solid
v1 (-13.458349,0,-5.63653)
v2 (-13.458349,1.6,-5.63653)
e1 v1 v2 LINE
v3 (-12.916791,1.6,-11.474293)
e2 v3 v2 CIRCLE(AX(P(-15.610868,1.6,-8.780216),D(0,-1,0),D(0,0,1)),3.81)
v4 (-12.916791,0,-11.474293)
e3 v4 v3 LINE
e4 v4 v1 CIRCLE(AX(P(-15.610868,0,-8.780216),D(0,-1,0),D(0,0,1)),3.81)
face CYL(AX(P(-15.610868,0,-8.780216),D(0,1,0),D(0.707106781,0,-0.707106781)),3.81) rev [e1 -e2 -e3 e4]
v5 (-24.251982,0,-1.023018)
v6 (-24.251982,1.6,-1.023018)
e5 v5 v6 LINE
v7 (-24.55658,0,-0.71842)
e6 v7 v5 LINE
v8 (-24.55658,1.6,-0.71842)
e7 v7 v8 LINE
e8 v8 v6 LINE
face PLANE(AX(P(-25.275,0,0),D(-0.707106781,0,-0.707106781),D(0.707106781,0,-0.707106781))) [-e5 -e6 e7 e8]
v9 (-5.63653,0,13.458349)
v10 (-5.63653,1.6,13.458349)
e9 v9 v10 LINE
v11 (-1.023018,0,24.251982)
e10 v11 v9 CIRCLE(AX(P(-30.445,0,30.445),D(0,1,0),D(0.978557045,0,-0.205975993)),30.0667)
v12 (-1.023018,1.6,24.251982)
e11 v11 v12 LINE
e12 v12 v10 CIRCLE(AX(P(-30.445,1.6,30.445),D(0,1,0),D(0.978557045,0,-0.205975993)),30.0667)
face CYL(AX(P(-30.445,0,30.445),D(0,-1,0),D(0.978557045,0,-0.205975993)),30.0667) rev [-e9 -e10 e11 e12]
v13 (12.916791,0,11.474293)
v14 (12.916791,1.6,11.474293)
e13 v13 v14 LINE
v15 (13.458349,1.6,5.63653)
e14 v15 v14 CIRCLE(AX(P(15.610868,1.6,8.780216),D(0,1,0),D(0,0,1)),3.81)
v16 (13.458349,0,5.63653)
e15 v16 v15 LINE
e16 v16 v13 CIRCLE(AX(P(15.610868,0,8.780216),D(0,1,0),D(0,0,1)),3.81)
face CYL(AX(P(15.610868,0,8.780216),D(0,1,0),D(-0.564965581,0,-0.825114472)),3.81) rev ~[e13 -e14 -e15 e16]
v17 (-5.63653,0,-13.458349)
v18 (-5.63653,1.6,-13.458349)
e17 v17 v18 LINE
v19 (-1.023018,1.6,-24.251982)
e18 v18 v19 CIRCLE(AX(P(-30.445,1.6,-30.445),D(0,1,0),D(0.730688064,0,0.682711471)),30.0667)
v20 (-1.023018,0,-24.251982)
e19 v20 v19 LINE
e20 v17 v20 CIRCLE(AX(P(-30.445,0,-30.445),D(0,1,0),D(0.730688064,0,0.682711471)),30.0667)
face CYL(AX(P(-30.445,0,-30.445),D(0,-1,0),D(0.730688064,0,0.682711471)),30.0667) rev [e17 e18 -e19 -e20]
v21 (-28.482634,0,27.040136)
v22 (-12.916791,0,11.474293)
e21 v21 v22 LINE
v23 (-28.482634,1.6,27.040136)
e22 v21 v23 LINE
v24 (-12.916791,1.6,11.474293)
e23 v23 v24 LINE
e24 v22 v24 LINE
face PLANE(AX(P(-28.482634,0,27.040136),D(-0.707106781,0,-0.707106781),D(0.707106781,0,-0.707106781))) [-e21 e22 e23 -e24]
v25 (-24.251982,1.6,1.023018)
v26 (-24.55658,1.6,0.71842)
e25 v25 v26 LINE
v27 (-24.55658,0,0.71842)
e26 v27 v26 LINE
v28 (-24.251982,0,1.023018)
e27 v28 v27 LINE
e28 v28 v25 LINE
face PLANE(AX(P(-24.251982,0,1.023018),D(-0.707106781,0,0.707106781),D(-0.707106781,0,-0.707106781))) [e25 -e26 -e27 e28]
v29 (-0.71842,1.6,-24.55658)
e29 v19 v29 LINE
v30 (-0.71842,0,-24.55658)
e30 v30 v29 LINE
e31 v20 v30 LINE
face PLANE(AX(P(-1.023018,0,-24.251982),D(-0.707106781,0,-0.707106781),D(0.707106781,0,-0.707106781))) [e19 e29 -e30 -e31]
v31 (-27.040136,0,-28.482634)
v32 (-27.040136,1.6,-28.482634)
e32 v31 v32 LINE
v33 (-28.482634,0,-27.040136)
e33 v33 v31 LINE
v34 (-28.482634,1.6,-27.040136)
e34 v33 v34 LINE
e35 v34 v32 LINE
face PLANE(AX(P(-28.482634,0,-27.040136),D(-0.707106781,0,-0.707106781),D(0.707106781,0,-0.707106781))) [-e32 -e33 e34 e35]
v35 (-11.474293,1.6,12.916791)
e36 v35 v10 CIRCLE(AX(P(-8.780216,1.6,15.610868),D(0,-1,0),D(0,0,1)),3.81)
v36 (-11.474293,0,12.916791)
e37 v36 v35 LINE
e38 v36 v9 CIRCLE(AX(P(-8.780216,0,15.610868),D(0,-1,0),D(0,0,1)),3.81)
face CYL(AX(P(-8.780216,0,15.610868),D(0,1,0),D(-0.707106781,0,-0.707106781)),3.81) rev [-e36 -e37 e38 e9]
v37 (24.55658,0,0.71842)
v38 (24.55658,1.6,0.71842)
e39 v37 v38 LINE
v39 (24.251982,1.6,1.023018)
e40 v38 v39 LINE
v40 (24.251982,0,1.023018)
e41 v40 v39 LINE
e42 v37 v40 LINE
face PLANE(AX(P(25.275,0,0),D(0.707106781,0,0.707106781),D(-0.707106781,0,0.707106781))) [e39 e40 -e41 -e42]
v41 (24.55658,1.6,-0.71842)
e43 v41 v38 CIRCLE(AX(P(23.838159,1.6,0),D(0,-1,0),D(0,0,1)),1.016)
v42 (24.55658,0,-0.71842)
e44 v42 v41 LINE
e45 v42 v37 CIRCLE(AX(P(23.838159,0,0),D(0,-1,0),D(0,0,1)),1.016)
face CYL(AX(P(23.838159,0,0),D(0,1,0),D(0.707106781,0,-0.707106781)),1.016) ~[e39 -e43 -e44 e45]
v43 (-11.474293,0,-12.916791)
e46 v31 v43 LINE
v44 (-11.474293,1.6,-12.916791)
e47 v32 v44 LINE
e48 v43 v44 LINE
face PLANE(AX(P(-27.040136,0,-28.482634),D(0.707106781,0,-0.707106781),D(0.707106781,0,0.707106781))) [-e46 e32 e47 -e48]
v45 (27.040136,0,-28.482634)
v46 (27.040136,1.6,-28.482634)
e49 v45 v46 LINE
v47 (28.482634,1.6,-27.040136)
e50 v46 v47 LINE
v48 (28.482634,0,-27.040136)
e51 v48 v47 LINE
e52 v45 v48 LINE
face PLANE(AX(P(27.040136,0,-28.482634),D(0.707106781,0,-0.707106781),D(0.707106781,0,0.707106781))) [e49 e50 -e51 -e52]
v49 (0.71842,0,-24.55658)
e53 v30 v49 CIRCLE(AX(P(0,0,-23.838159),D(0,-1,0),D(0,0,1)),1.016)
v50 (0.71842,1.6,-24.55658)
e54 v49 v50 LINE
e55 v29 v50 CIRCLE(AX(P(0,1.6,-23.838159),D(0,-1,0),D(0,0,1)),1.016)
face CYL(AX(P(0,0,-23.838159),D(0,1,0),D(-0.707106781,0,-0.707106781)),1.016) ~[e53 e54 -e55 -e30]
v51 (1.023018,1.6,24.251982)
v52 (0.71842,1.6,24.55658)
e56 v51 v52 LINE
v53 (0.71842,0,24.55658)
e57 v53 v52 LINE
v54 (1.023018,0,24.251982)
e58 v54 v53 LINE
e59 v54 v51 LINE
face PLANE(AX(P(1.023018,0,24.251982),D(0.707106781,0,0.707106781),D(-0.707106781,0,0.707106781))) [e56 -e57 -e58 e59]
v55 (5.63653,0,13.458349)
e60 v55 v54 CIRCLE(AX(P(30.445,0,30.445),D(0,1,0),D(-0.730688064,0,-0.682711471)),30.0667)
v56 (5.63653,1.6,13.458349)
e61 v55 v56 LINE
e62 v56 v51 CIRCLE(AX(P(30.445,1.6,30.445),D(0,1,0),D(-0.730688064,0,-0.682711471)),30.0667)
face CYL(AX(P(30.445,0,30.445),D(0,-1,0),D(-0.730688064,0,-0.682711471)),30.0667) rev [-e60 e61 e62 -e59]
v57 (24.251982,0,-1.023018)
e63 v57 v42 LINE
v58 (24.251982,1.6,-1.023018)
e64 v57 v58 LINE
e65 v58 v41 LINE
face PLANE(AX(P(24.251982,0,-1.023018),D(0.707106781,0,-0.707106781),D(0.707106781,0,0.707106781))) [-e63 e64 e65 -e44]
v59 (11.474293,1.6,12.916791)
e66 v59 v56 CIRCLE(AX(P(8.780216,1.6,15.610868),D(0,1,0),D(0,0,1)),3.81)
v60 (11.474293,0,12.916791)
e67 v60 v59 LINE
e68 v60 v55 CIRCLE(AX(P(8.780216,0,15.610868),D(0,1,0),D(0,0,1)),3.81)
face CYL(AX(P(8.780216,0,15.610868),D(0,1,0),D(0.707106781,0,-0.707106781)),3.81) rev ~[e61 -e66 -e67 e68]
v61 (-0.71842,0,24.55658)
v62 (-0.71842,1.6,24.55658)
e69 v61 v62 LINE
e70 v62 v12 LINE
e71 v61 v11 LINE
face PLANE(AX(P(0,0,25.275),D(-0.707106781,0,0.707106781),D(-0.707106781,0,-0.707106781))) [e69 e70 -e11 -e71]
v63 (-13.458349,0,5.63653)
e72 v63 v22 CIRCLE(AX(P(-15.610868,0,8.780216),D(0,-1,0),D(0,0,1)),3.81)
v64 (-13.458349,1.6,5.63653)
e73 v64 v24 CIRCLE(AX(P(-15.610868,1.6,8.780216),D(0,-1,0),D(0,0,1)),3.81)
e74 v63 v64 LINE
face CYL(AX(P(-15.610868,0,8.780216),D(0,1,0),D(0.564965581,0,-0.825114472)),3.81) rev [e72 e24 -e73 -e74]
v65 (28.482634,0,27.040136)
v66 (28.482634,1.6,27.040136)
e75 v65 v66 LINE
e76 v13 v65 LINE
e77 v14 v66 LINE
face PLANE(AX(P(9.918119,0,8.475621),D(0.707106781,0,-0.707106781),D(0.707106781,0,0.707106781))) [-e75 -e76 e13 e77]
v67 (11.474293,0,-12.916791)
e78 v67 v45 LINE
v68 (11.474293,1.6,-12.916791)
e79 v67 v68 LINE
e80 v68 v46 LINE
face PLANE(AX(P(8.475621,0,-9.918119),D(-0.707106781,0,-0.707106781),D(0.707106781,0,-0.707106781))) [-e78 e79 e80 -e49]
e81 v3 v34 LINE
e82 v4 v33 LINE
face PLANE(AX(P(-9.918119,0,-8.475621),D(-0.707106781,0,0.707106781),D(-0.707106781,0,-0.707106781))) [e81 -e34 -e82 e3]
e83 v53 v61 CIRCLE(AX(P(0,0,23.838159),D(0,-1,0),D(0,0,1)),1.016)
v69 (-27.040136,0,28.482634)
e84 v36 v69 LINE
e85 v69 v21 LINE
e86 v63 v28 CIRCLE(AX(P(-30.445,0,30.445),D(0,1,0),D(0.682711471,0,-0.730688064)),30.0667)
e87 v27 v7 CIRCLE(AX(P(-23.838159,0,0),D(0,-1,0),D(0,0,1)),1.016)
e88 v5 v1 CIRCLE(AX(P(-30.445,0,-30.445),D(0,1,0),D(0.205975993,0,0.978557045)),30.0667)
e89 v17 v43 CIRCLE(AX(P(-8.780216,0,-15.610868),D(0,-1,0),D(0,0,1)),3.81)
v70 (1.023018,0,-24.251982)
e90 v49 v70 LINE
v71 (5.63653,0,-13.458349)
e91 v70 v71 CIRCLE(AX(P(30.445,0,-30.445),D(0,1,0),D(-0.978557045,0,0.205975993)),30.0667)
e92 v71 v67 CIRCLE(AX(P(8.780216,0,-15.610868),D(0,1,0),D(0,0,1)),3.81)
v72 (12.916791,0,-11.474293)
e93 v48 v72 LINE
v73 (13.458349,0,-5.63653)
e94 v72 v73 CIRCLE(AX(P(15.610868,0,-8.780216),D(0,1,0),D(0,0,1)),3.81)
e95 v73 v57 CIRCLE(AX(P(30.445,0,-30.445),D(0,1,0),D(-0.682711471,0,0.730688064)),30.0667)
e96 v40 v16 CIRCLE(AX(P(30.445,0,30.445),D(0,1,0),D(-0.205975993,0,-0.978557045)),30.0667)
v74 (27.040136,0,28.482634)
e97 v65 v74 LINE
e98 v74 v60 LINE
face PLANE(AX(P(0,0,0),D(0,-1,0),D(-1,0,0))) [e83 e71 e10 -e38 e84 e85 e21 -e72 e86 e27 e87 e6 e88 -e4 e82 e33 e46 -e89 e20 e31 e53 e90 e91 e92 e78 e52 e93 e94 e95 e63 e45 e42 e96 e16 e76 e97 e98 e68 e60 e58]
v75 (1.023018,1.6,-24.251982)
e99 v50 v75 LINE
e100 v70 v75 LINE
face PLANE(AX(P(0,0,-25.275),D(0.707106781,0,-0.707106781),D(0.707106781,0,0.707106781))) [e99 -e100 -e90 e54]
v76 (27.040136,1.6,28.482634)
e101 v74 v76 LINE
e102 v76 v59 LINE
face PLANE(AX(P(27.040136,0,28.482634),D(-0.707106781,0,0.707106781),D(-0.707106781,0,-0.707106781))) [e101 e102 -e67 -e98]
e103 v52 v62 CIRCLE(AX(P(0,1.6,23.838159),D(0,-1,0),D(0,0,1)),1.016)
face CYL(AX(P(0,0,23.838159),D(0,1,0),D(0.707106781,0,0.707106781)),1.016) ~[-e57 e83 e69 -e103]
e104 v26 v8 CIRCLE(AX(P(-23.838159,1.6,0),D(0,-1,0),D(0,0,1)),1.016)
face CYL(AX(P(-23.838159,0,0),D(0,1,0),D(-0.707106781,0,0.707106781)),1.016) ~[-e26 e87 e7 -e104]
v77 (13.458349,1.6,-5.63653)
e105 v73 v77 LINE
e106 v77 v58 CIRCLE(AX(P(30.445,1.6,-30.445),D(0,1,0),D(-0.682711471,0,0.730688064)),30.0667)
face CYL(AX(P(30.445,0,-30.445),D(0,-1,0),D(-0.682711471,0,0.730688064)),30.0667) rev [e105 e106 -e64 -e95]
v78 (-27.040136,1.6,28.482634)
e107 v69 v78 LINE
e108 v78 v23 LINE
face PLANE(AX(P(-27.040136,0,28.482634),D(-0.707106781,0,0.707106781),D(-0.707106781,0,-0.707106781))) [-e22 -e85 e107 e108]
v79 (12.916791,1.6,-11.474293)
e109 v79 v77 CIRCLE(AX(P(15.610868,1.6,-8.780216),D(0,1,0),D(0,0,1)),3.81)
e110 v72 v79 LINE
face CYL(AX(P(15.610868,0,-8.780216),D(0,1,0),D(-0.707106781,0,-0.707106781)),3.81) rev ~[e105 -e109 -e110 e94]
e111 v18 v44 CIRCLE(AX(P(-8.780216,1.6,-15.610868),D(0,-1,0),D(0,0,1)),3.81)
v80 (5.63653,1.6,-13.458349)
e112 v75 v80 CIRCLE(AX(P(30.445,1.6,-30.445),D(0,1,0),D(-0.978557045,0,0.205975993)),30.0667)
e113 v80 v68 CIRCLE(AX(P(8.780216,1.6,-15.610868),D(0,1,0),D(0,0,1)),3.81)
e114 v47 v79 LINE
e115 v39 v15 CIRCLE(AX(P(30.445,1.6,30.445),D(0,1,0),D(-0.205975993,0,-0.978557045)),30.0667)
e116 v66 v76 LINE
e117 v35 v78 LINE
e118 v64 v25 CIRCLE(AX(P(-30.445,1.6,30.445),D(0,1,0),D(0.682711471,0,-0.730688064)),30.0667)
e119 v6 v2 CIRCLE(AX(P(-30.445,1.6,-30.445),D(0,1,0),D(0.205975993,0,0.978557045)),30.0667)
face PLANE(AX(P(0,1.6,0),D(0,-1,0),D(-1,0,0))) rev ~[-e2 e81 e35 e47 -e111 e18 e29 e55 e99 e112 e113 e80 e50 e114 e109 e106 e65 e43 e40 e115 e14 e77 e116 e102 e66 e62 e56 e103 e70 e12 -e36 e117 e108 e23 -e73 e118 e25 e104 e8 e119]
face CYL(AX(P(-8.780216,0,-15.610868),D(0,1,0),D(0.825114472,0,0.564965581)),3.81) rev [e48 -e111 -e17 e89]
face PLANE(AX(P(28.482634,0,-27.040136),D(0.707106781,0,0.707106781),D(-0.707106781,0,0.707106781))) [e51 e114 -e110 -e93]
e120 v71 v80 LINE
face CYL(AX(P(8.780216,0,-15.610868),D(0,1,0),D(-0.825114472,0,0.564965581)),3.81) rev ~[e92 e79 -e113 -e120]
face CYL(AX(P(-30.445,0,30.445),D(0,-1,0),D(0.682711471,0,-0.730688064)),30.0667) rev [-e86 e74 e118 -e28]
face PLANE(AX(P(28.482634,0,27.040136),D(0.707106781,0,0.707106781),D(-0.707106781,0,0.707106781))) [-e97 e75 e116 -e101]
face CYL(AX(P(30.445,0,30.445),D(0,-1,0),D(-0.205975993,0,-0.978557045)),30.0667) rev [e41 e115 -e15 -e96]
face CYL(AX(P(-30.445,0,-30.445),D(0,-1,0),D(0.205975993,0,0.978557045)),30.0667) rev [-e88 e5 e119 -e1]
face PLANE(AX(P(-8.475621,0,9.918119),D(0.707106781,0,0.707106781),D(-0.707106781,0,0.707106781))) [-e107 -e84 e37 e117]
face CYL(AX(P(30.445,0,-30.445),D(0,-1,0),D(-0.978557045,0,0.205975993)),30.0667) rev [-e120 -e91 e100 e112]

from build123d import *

# Parameters (mm, degrees)
BOSS_EXTRUDE1_DEPTH = 1.6
FILLET1_R           = 1.016
FILLET3_R           = 3.81


with BuildPart() as part:
    # Framesketch → Boss-Extrude1 (new body)
    with BuildSketch(Plane(origin=(0, 0, 0), x_dir=(1, 0, 0), z_dir=(0, 1, 0))):
        with BuildLine():
            Line((-27.040136119, 28.482633953), (-8.475620882, 9.918118716))
            ThreePointArc((-8.475620882, 9.918118716), (-3.768551726, 16.575119627), (-1.023018488, 24.251981512))
            Line((-1.023018488, 24.251981512), (0, 25.275))
            Line((0, 25.275), (1.023018488, 24.251981512))
            ThreePointArc((1.023018488, 24.251981512), (3.768551726, 16.575119627), (8.475620882, 9.918118716))
            Line((8.475620882, 9.918118716), (27.040136119, 28.482633953))
            Line((27.040136119, 28.482633953), (28.482633953, 27.040136119))
            Line((28.482633953, 27.040136119), (9.918118716, 8.475620882))
            ThreePointArc((9.918118716, 8.475620882), (16.575119627, 3.768551726), (24.251981512, 1.023018488))
            Line((24.251981512, 1.023018488), (25.275, 0))
            Line((25.275, 0), (24.251981512, -1.023018488))
            ThreePointArc((24.251981512, -1.023018488), (16.575119627, -3.768551726), (9.918118716, -8.475620882))
            Line((9.918118716, -8.475620882), (28.482633953, -27.040136119))
            Line((28.482633953, -27.040136119), (27.040136119, -28.482633953))
            Line((27.040136119, -28.482633953), (8.475620882, -9.918118716))
            ThreePointArc((8.475620882, -9.918118716), (3.768551726, -16.575119627), (1.023018488, -24.251981512))
            Line((1.023018488, -24.251981512), (0, -25.275))
            Line((0, -25.275), (-1.023018488, -24.251981512))
            ThreePointArc((-1.023018488, -24.251981512), (-3.768551726, -16.575119627), (-8.475620882, -9.918118716))
            Line((-8.475620882, -9.918118716), (-27.040136119, -28.482633953))
            Line((-27.040136119, -28.482633953), (-28.482633953, -27.040136119))
            Line((-28.482633953, -27.040136119), (-9.918118716, -8.475620882))
            ThreePointArc((-9.918118716, -8.475620882), (-16.575119627, -3.768551726), (-24.251981512, -1.023018488))
            Line((-24.251981512, -1.023018488), (-25.275, 0))
            Line((-25.275, 0), (-24.251981512, 1.023018488))
            ThreePointArc((-24.251981512, 1.023018488), (-16.575119627, 3.768551726), (-9.918118716, 8.475620882))
            Line((-9.918118716, 8.475620882), (-28.482633953, 27.040136119))
            Line((-28.482633953, 27.040136119), (-27.040136119, 28.482633953))
        make_face()
    extrude(amount=BOSS_EXTRUDE1_DEPTH)

    # Fillet1
    fillet1_edges = [part.edges().sort_by_distance(p)[0] for p in [
        (-25.275, 0.8, 0),
        (0, 0.8, -25.275),
        (25.275, 0.8, 0),
        (0, 0.8, 25.275),
    ]]
    fillet(fillet1_edges, radius=FILLET1_R)

    # Fillet3
    fillet3_edges = [part.edges().sort_by_distance(p)[0] for p in [
        (-8.475620882, 0.8, 9.918118716),
        (-9.918118716, 0.8, 8.475620882),
        (-9.918118716, 0.8, -8.475620882),
        (-8.475620882, 0.8, -9.918118716),
        (8.475620882, 0.8, -9.918118716),
        (9.918118716, 0.8, -8.475620882),
        (9.918118716, 0.8, 8.475620882),
        (8.475620882, 0.8, 9.918118716),
    ]]
    fillet(fillet3_edges, radius=FILLET3_R)


solid = part.part
